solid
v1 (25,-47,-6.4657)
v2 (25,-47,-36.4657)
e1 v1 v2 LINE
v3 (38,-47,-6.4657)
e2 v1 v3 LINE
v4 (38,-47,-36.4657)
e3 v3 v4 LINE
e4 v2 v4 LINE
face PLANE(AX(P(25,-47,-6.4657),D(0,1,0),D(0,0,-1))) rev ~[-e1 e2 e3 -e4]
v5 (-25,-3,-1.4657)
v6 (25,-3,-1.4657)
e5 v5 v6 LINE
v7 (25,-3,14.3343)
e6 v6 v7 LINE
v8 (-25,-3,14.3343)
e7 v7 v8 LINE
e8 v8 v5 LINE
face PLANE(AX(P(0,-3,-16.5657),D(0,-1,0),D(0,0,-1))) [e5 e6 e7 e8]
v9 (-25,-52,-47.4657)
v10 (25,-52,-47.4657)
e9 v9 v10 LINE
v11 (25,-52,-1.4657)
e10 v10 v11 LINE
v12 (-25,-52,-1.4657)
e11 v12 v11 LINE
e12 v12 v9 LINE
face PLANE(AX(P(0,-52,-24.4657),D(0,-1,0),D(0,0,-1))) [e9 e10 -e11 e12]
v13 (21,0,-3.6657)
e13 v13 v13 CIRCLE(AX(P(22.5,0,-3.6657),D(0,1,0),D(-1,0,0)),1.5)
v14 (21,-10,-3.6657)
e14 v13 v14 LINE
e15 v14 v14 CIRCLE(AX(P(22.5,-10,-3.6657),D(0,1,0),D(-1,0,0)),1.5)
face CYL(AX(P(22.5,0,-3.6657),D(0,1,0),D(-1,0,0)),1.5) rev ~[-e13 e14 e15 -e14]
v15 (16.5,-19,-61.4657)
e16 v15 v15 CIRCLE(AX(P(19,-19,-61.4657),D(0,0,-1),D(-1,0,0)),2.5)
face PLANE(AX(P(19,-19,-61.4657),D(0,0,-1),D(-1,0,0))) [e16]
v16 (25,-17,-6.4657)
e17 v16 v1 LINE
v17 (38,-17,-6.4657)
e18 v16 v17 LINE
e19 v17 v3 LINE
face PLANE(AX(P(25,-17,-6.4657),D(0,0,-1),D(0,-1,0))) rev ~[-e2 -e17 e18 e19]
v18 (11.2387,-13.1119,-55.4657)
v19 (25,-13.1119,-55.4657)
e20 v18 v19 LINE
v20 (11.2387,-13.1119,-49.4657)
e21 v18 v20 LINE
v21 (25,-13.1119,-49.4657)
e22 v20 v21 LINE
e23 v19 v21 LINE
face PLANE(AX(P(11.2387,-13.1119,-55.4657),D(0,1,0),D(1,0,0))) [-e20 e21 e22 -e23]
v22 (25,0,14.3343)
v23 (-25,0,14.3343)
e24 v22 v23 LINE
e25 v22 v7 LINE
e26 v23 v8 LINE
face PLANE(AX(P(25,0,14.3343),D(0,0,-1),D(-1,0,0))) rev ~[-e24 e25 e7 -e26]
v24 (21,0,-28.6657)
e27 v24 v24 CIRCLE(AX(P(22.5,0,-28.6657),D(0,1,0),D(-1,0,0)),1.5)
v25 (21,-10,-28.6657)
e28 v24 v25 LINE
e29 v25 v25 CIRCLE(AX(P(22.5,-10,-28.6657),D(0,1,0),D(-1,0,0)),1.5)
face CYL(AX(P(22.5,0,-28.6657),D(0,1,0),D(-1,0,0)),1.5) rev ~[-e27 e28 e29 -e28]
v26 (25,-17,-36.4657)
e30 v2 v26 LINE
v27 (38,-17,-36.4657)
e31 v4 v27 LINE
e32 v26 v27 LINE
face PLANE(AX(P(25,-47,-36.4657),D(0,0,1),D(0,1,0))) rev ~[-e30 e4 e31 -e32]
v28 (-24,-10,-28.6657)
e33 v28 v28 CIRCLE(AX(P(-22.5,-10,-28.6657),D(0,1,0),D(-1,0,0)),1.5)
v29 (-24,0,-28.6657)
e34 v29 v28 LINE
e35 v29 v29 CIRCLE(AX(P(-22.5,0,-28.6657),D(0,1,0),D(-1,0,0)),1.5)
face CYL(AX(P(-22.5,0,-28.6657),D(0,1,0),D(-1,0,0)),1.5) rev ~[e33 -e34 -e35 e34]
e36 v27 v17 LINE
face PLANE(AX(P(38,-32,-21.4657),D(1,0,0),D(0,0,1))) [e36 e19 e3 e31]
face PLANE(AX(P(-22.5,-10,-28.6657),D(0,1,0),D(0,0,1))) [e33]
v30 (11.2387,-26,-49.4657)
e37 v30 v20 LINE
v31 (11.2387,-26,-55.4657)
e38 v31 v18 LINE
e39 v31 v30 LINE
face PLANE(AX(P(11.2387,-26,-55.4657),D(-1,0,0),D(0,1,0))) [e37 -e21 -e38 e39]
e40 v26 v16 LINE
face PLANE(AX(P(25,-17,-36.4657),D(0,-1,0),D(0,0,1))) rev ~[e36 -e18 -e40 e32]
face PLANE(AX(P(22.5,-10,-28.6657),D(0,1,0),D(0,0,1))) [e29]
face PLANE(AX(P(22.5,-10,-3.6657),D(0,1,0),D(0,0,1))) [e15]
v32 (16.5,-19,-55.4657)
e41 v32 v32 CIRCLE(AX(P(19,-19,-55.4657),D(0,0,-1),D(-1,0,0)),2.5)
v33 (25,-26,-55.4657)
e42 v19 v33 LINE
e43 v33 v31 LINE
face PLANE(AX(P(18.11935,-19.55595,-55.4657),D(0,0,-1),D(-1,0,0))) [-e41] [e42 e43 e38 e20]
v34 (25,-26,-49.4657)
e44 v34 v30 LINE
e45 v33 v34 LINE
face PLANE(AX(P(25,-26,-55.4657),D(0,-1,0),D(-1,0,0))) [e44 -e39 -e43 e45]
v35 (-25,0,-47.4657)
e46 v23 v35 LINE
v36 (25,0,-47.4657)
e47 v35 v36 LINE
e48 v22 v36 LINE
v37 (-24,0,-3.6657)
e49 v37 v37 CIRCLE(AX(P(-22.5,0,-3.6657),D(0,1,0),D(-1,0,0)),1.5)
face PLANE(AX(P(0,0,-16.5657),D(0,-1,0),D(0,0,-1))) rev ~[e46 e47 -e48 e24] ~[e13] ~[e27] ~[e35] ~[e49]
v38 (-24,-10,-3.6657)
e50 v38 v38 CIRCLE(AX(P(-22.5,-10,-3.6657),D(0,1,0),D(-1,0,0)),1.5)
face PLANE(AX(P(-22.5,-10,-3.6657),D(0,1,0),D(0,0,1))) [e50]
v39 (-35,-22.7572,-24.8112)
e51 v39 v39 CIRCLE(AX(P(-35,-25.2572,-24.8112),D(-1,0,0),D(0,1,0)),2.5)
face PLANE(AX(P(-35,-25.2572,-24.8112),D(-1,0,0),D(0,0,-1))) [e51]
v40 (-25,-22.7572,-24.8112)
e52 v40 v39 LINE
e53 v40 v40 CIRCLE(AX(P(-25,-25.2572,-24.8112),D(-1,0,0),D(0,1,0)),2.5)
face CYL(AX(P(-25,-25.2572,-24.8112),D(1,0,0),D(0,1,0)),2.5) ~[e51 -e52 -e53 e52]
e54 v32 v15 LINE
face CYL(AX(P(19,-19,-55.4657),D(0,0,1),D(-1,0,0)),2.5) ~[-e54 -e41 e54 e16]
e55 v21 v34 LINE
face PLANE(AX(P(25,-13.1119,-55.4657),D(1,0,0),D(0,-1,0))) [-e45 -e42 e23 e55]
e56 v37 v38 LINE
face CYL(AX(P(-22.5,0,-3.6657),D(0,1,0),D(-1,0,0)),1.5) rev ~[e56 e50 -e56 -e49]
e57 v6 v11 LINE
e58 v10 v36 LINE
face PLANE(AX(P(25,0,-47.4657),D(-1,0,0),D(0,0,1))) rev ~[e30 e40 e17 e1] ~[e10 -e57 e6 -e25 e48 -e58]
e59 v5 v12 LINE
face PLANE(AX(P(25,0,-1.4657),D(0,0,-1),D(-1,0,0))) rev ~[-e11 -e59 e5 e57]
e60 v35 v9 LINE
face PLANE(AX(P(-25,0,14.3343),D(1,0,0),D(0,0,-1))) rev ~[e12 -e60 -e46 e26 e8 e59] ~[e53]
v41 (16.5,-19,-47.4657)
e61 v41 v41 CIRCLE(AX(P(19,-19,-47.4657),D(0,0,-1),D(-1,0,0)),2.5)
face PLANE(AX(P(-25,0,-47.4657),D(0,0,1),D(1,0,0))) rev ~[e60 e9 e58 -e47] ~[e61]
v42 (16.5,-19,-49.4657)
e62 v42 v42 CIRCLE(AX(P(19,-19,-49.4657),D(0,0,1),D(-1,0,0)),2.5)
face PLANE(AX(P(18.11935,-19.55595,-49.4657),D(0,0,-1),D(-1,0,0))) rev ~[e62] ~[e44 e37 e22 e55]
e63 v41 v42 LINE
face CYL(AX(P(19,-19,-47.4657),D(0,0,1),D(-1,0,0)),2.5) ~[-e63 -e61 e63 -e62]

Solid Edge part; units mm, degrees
sketch "Sketch1" plane through (0, 0, 0) normal (0, -1, 0) x (1, 0, 0)
  line L0 (-25, 14.3343) -> (-25, -47.4657)
  line L1 (-25, -47.4657) -> (25, -47.4657)
  line L2 (25, -47.4657) -> (25, 14.3343)
  line L3 (25, 14.3343) -> (-25, 14.3343)
  dimension "D1" = 50
  dimension "D2" = 25
  dimension "D3" = 61.8
extrude "Protrusion1" add sketch "Sketch1" along normal blind 3
sketch "Sketch2" plane through (0, 0, 0) normal (0, -1, 0) x (1, 0, 0)
  line L0 (0, -1.4657) -> (-25, -1.4657)
  line L1 (-25, -1.4657) -> (-25, -47.4657)
  line L2 (-25, -47.4657) -> (25, -47.4657)
  line L3 (25, -47.4657) -> (25, -1.4657)
  line L4 (25, -1.4657) -> (0, -1.4657)
extrude "ExtrudedProtrusion_2" add sketch "Sketch2" along normal blind 52
sketch "Sketch3" plane through (25, -26, -16.5657) normal (1, 0, 0) x (0, 1, 0)
  line L0 (-21, -19.9) -> (9, -19.9)
  line L1 (9, -19.9) -> (9, 10.1)
  line L2 (9, 10.1) -> (-21, 10.1)
  line L3 (-21, 10.1) -> (-21, -19.9)
  dimension "D1" = 5
  dimension "D2" = 5
  dimension "D3" = 30
  dimension "D4" = 30
extrude "ExtrudedProtrusion_3" add sketch "Sketch3" along normal blind 13
sketch "Sketch4" plane through (-25, -26, -16.5657) normal (-1, 0, 0) x (0, 1, 0)
  circle A0 centre (0.7428, 8.2455) radius 2.5
extrude "ExtrudedProtrusion_4" add sketch "Sketch4" along normal blind 10
sketch "Sketch5" plane through (0, 0, -16.5657) normal (0, 1, 0) x (-1, 0, 0)
  circle A0 centre (22.5, 12.9) radius 1.5
  circle A1 centre (-22.5, -12.1) radius 1.5
  circle A2 centre (22.5, -12.1) radius 1.5
  circle A3 centre (-22.5, 12.9) radius 1.5
  dimension "D1" = 18
  dimension "D2" = 22.5
  dimension "D3" = 45
  dimension "D4" = 22.5
  dimension "D5" = 25
extrude "ExtrudedCutout_1" cut sketch "Sketch5" against normal blind 10
sketch "Sketch6" plane through (0, -26, -47.4657) normal (0, 0, -1) x (-1, 0, 0)
  circle A0 centre (-19, 7) radius 2.5
  dimension "D1" = 33
  dimension "D2" = 6
extrude "ExtrudedProtrusion_5" add sketch "Sketch6" along normal blind 8
sketch "Sketch7" plane through (19, -19, -55.4657) normal (0, 0, -1) x (-1, 0, 0)
  line L0 (-6, 5.8881) -> (-6, -7)
  line L1 (-6, -7) -> (7.7613, -7)
  line L2 (7.7613, -7) -> (7.7613, 5.8881)
  line L3 (7.7613, 5.8881) -> (-6, 5.8881)
  dimension "D1" = 12.8881
extrude "ExtrudedProtrusion_6" add sketch "Sketch7" against normal blind 6
sketch "Sketch8" plane through (18.1194, -19.5559, -55.4657) normal (0, 0, -1) x (-1, 0, 0)
  circle A0 centre (-0.8806, 0.5559) radius 2.5
extrude "ExtrudedProtrusion_7" add sketch "Sketch8" along normal blind 6
